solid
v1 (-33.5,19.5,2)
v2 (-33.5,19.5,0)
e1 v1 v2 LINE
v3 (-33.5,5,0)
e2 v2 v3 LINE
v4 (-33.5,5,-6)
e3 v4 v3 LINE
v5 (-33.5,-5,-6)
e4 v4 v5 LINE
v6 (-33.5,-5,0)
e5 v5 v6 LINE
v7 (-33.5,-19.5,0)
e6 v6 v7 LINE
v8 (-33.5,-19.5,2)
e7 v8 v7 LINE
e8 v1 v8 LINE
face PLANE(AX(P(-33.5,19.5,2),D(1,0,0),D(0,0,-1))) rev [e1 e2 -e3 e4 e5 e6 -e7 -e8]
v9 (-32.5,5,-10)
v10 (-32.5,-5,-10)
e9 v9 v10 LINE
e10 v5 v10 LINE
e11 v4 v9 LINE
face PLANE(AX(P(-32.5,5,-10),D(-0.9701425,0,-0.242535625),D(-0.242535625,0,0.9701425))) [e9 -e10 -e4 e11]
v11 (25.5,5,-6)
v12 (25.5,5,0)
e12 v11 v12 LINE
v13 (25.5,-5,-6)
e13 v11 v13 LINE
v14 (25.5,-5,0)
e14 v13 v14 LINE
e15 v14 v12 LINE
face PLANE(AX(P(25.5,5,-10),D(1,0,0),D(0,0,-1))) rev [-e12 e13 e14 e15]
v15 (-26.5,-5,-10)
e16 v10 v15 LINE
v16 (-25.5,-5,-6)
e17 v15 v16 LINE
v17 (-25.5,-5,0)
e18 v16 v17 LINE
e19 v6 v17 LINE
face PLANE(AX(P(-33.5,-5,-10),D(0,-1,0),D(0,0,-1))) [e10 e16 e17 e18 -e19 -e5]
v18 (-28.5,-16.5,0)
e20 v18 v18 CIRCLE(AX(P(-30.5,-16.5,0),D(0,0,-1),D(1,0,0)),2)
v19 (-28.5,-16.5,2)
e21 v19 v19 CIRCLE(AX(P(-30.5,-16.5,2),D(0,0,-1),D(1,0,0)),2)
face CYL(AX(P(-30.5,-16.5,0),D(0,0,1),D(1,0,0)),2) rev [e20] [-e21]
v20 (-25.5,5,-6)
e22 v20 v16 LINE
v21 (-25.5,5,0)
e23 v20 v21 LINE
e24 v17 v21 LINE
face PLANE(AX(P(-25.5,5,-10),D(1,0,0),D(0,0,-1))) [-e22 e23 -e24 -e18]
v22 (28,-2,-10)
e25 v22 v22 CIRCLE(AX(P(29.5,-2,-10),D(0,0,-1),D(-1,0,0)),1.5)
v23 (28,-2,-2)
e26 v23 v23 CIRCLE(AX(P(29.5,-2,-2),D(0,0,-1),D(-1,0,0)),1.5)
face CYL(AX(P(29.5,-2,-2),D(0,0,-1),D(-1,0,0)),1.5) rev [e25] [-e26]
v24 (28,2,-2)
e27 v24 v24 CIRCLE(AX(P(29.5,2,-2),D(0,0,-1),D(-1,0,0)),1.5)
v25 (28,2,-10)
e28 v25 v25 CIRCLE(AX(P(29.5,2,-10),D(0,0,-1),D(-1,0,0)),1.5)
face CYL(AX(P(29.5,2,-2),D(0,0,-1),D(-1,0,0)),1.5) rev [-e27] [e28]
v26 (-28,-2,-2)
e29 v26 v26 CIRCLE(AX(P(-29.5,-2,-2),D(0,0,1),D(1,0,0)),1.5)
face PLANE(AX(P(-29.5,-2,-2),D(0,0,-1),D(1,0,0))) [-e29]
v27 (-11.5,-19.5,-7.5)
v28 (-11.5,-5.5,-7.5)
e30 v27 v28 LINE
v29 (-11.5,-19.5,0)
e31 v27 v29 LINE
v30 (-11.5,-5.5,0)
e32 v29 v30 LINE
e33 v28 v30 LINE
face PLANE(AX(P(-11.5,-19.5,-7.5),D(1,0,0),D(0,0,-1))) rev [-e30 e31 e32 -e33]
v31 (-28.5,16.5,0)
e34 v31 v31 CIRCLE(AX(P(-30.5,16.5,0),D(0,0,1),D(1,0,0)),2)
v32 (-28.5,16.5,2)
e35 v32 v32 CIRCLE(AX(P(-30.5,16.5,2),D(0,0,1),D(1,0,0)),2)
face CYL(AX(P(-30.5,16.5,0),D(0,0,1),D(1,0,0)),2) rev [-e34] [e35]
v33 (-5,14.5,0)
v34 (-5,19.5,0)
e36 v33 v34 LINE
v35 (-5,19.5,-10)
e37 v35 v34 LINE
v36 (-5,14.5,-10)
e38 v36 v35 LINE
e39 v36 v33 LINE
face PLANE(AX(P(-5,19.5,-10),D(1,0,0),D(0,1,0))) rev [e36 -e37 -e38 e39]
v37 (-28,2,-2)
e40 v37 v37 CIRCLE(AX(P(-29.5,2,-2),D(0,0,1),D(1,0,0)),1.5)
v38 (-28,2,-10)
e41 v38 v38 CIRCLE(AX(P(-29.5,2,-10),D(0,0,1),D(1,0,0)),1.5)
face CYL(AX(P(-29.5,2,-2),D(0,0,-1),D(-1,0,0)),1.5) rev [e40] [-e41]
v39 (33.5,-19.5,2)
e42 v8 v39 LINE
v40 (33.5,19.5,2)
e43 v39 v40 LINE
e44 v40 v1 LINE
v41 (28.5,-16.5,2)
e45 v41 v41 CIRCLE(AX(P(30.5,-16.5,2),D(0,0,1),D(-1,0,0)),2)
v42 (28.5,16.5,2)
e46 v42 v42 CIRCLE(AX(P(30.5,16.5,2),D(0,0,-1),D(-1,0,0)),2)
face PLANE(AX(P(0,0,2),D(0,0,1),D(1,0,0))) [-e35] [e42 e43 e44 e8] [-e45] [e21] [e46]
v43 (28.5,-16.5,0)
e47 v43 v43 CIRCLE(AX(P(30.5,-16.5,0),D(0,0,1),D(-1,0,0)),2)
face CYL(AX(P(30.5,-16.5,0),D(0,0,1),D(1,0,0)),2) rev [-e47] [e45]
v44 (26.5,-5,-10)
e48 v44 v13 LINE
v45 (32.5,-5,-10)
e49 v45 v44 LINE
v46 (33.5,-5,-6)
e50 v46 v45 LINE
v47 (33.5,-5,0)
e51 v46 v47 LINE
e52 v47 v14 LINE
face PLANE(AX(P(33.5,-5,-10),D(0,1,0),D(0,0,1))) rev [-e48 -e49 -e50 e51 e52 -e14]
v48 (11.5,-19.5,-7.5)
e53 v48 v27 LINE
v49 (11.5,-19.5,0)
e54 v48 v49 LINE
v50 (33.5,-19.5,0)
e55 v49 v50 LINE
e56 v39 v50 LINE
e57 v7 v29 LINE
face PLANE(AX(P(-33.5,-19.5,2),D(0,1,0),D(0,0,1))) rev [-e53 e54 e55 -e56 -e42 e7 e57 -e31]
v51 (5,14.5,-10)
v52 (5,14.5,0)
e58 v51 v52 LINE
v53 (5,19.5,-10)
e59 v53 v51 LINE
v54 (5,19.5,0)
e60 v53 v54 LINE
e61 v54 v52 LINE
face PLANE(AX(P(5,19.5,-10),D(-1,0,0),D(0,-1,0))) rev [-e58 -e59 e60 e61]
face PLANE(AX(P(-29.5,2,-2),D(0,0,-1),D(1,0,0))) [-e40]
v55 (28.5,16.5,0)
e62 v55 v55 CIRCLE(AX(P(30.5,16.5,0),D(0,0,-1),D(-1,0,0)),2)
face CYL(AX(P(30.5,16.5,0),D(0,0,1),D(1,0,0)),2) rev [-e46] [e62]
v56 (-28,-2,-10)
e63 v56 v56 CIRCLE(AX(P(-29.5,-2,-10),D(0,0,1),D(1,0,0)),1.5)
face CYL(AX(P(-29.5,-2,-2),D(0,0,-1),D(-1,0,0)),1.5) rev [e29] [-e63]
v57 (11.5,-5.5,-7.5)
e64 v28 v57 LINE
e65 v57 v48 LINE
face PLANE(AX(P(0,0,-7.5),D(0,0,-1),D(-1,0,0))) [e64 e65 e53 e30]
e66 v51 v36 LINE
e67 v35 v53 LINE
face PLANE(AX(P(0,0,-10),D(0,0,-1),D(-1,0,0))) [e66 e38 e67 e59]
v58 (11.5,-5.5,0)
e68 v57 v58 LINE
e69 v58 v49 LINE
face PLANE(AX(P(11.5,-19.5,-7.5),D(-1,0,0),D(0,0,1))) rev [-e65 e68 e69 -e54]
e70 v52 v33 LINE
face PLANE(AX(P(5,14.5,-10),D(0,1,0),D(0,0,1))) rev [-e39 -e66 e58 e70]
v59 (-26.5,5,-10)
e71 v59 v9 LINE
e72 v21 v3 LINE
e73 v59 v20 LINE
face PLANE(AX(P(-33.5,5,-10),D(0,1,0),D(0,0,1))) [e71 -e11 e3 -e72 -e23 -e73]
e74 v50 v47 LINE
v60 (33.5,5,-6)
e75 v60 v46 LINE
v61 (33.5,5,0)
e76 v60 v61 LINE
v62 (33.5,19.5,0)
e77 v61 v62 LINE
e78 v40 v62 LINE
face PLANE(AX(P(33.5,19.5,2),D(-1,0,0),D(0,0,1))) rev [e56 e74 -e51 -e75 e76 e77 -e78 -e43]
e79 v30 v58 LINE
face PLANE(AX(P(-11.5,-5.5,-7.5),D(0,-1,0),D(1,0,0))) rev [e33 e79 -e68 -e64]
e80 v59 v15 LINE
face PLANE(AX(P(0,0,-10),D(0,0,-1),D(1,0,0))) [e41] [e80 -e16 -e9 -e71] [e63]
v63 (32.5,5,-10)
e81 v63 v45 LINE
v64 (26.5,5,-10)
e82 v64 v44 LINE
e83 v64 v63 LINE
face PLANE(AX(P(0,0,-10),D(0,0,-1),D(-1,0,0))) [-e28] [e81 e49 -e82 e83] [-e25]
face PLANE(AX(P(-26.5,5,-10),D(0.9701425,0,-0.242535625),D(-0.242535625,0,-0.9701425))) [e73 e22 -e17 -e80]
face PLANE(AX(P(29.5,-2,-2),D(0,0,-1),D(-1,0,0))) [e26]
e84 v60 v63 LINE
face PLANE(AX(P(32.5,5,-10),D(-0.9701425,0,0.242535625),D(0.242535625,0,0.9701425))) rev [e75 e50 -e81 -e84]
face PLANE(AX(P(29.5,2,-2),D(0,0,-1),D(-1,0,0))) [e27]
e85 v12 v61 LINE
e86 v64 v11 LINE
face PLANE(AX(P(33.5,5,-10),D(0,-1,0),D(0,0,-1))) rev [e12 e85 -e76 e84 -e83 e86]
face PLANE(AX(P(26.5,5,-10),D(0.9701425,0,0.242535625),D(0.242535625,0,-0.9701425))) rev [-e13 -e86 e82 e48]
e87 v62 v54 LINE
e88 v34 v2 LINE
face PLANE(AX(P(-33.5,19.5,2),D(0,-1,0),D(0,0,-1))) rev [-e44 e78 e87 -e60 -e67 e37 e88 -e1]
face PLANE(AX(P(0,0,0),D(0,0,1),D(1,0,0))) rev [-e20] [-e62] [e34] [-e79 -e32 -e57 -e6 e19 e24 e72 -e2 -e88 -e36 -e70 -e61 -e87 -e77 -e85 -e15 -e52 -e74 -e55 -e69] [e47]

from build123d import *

# Parameters (mm, degrees)
SKETCH_1_W               = 67
SKETCH_1_H               = 39
EXTRUDE_1_DEPTH          = 2
SKETCH_2_R               = 2
CUT_EXTRUDE_1_DEPTH      = 2
MIRROR_2_COPY_1_SKETCH_R = 2
MIRROR_2_COPY_1_DEPTH    = 2
SKETCH_3_W               = 8
SKETCH_3_H               = 10
EXTRUDE_2_DEPTH          = 10
CUT_EXTRUDE_2_DEPTH      = 10
SKETCH_5_R               = 1.5
CUT_EXTRUDE_3_DEPTH      = 8
SKETCH_6_W               = 10
SKETCH_6_H               = 5
EXTRUDE_3_DEPTH          = 10
SKETCH_10_W              = 23
SKETCH_10_H              = 14
EXTRUDE_4_DEPTH          = 7.5


with BuildPart() as part:
    # 草图1 → 凸台-拉伸1 (new body)
    with BuildSketch(Plane.XY):
        Rectangle(SKETCH_1_W, SKETCH_1_H)
    extrude(amount=EXTRUDE_1_DEPTH)

    # 草图2 → 切除-拉伸1 (cut)
    with BuildSketch(Plane.XY.offset(2)):
        with Locations((-30.5, 16.5)):
            Circle(SKETCH_2_R)
    cut_extrude_1 = extrude(amount=-CUT_EXTRUDE_1_DEPTH, mode=Mode.SUBTRACT)

    # 镜向1: 切除-拉伸1 across plane
    add(cut_extrude_1.mirror(Plane(origin=(0, 0, 0), x_dir=(0, 0, 1), z_dir=(1, 0, 0))), mode=Mode.SUBTRACT)

    # 镜向2: 切除-拉伸1 across plane
    add(cut_extrude_1.mirror(Plane.ZX), mode=Mode.SUBTRACT)

    # 镜向2 copy 1 sketch → 镜向2 copy 1 (cut)
    with BuildSketch(Plane(origin=(0, 0, 2), x_dir=(-1, 0, 0), z_dir=(0, 0, 1))):
        with Locations((-30.5, 16.5)):
            Circle(MIRROR_2_COPY_1_SKETCH_R)
    extrude(amount=-MIRROR_2_COPY_1_DEPTH, mode=Mode.SUBTRACT)

    # 草图3 → 凸台-拉伸2 (add)
    with BuildSketch(Plane(origin=(0, 0, 0), x_dir=(-1, 0, 0), z_dir=(0, 0, -1))):
        with Locations((-29.5, 0)):
            Rectangle(SKETCH_3_W, SKETCH_3_H)
    extrude_2 = extrude(amount=EXTRUDE_2_DEPTH)

    # 草图4 → 切除-拉伸2 (cut)
    with BuildSketch(Plane.XZ.offset(5)):
        Polygon((32.5, -10), (33.5, -6), (33.5, -10), align=None)
        Polygon((25.5, -10), (25.5, -6), (26.5, -10), align=None)
    cut_extrude_2 = extrude(amount=-CUT_EXTRUDE_2_DEPTH, mode=Mode.SUBTRACT)

    # 草图5 → 切除-拉伸3 (cut)
    with BuildSketch(Plane(origin=(0, 0, -10), x_dir=(-1, 0, 0), z_dir=(0, 0, -1))):
        with Locations((-29.5, 2)):
            Circle(SKETCH_5_R)
        with Locations((-29.5, -2)):
            Circle(SKETCH_5_R)
    cut_extrude_3 = extrude(amount=-CUT_EXTRUDE_3_DEPTH, mode=Mode.SUBTRACT)

    # 镜向3: 凸台-拉伸2, 切除-拉伸2, 切除-拉伸3 across plane
    add(extrude_2.mirror(Plane(origin=(0, 0, 0), x_dir=(0, 0, 1), z_dir=(1, 0, 0))))
    add(cut_extrude_2.mirror(Plane(origin=(0, 0, 0), x_dir=(0, 0, 1), z_dir=(1, 0, 0))), mode=Mode.SUBTRACT)
    add(cut_extrude_3.mirror(Plane(origin=(0, 0, 0), x_dir=(0, 0, 1), z_dir=(1, 0, 0))), mode=Mode.SUBTRACT)

    # 草图6 → 凸台-拉伸3 (add)
    with BuildSketch(Plane(origin=(0, 0, 0), x_dir=(-1, 0, 0), z_dir=(0, 0, -1))):
        with Locations((0, 17)):
            Rectangle(SKETCH_6_W, SKETCH_6_H)
    extrude(amount=EXTRUDE_3_DEPTH)

    # 草图10 → 凸台-拉伸4 (add)
    with BuildSketch(Plane(origin=(0, 0, 0), x_dir=(-1, 0, 0), z_dir=(0, 0, -1))):
        with Locations((0, -12.5)):
            Rectangle(SKETCH_10_W, SKETCH_10_H)
    extrude(amount=EXTRUDE_4_DEPTH)


solid = part.part
